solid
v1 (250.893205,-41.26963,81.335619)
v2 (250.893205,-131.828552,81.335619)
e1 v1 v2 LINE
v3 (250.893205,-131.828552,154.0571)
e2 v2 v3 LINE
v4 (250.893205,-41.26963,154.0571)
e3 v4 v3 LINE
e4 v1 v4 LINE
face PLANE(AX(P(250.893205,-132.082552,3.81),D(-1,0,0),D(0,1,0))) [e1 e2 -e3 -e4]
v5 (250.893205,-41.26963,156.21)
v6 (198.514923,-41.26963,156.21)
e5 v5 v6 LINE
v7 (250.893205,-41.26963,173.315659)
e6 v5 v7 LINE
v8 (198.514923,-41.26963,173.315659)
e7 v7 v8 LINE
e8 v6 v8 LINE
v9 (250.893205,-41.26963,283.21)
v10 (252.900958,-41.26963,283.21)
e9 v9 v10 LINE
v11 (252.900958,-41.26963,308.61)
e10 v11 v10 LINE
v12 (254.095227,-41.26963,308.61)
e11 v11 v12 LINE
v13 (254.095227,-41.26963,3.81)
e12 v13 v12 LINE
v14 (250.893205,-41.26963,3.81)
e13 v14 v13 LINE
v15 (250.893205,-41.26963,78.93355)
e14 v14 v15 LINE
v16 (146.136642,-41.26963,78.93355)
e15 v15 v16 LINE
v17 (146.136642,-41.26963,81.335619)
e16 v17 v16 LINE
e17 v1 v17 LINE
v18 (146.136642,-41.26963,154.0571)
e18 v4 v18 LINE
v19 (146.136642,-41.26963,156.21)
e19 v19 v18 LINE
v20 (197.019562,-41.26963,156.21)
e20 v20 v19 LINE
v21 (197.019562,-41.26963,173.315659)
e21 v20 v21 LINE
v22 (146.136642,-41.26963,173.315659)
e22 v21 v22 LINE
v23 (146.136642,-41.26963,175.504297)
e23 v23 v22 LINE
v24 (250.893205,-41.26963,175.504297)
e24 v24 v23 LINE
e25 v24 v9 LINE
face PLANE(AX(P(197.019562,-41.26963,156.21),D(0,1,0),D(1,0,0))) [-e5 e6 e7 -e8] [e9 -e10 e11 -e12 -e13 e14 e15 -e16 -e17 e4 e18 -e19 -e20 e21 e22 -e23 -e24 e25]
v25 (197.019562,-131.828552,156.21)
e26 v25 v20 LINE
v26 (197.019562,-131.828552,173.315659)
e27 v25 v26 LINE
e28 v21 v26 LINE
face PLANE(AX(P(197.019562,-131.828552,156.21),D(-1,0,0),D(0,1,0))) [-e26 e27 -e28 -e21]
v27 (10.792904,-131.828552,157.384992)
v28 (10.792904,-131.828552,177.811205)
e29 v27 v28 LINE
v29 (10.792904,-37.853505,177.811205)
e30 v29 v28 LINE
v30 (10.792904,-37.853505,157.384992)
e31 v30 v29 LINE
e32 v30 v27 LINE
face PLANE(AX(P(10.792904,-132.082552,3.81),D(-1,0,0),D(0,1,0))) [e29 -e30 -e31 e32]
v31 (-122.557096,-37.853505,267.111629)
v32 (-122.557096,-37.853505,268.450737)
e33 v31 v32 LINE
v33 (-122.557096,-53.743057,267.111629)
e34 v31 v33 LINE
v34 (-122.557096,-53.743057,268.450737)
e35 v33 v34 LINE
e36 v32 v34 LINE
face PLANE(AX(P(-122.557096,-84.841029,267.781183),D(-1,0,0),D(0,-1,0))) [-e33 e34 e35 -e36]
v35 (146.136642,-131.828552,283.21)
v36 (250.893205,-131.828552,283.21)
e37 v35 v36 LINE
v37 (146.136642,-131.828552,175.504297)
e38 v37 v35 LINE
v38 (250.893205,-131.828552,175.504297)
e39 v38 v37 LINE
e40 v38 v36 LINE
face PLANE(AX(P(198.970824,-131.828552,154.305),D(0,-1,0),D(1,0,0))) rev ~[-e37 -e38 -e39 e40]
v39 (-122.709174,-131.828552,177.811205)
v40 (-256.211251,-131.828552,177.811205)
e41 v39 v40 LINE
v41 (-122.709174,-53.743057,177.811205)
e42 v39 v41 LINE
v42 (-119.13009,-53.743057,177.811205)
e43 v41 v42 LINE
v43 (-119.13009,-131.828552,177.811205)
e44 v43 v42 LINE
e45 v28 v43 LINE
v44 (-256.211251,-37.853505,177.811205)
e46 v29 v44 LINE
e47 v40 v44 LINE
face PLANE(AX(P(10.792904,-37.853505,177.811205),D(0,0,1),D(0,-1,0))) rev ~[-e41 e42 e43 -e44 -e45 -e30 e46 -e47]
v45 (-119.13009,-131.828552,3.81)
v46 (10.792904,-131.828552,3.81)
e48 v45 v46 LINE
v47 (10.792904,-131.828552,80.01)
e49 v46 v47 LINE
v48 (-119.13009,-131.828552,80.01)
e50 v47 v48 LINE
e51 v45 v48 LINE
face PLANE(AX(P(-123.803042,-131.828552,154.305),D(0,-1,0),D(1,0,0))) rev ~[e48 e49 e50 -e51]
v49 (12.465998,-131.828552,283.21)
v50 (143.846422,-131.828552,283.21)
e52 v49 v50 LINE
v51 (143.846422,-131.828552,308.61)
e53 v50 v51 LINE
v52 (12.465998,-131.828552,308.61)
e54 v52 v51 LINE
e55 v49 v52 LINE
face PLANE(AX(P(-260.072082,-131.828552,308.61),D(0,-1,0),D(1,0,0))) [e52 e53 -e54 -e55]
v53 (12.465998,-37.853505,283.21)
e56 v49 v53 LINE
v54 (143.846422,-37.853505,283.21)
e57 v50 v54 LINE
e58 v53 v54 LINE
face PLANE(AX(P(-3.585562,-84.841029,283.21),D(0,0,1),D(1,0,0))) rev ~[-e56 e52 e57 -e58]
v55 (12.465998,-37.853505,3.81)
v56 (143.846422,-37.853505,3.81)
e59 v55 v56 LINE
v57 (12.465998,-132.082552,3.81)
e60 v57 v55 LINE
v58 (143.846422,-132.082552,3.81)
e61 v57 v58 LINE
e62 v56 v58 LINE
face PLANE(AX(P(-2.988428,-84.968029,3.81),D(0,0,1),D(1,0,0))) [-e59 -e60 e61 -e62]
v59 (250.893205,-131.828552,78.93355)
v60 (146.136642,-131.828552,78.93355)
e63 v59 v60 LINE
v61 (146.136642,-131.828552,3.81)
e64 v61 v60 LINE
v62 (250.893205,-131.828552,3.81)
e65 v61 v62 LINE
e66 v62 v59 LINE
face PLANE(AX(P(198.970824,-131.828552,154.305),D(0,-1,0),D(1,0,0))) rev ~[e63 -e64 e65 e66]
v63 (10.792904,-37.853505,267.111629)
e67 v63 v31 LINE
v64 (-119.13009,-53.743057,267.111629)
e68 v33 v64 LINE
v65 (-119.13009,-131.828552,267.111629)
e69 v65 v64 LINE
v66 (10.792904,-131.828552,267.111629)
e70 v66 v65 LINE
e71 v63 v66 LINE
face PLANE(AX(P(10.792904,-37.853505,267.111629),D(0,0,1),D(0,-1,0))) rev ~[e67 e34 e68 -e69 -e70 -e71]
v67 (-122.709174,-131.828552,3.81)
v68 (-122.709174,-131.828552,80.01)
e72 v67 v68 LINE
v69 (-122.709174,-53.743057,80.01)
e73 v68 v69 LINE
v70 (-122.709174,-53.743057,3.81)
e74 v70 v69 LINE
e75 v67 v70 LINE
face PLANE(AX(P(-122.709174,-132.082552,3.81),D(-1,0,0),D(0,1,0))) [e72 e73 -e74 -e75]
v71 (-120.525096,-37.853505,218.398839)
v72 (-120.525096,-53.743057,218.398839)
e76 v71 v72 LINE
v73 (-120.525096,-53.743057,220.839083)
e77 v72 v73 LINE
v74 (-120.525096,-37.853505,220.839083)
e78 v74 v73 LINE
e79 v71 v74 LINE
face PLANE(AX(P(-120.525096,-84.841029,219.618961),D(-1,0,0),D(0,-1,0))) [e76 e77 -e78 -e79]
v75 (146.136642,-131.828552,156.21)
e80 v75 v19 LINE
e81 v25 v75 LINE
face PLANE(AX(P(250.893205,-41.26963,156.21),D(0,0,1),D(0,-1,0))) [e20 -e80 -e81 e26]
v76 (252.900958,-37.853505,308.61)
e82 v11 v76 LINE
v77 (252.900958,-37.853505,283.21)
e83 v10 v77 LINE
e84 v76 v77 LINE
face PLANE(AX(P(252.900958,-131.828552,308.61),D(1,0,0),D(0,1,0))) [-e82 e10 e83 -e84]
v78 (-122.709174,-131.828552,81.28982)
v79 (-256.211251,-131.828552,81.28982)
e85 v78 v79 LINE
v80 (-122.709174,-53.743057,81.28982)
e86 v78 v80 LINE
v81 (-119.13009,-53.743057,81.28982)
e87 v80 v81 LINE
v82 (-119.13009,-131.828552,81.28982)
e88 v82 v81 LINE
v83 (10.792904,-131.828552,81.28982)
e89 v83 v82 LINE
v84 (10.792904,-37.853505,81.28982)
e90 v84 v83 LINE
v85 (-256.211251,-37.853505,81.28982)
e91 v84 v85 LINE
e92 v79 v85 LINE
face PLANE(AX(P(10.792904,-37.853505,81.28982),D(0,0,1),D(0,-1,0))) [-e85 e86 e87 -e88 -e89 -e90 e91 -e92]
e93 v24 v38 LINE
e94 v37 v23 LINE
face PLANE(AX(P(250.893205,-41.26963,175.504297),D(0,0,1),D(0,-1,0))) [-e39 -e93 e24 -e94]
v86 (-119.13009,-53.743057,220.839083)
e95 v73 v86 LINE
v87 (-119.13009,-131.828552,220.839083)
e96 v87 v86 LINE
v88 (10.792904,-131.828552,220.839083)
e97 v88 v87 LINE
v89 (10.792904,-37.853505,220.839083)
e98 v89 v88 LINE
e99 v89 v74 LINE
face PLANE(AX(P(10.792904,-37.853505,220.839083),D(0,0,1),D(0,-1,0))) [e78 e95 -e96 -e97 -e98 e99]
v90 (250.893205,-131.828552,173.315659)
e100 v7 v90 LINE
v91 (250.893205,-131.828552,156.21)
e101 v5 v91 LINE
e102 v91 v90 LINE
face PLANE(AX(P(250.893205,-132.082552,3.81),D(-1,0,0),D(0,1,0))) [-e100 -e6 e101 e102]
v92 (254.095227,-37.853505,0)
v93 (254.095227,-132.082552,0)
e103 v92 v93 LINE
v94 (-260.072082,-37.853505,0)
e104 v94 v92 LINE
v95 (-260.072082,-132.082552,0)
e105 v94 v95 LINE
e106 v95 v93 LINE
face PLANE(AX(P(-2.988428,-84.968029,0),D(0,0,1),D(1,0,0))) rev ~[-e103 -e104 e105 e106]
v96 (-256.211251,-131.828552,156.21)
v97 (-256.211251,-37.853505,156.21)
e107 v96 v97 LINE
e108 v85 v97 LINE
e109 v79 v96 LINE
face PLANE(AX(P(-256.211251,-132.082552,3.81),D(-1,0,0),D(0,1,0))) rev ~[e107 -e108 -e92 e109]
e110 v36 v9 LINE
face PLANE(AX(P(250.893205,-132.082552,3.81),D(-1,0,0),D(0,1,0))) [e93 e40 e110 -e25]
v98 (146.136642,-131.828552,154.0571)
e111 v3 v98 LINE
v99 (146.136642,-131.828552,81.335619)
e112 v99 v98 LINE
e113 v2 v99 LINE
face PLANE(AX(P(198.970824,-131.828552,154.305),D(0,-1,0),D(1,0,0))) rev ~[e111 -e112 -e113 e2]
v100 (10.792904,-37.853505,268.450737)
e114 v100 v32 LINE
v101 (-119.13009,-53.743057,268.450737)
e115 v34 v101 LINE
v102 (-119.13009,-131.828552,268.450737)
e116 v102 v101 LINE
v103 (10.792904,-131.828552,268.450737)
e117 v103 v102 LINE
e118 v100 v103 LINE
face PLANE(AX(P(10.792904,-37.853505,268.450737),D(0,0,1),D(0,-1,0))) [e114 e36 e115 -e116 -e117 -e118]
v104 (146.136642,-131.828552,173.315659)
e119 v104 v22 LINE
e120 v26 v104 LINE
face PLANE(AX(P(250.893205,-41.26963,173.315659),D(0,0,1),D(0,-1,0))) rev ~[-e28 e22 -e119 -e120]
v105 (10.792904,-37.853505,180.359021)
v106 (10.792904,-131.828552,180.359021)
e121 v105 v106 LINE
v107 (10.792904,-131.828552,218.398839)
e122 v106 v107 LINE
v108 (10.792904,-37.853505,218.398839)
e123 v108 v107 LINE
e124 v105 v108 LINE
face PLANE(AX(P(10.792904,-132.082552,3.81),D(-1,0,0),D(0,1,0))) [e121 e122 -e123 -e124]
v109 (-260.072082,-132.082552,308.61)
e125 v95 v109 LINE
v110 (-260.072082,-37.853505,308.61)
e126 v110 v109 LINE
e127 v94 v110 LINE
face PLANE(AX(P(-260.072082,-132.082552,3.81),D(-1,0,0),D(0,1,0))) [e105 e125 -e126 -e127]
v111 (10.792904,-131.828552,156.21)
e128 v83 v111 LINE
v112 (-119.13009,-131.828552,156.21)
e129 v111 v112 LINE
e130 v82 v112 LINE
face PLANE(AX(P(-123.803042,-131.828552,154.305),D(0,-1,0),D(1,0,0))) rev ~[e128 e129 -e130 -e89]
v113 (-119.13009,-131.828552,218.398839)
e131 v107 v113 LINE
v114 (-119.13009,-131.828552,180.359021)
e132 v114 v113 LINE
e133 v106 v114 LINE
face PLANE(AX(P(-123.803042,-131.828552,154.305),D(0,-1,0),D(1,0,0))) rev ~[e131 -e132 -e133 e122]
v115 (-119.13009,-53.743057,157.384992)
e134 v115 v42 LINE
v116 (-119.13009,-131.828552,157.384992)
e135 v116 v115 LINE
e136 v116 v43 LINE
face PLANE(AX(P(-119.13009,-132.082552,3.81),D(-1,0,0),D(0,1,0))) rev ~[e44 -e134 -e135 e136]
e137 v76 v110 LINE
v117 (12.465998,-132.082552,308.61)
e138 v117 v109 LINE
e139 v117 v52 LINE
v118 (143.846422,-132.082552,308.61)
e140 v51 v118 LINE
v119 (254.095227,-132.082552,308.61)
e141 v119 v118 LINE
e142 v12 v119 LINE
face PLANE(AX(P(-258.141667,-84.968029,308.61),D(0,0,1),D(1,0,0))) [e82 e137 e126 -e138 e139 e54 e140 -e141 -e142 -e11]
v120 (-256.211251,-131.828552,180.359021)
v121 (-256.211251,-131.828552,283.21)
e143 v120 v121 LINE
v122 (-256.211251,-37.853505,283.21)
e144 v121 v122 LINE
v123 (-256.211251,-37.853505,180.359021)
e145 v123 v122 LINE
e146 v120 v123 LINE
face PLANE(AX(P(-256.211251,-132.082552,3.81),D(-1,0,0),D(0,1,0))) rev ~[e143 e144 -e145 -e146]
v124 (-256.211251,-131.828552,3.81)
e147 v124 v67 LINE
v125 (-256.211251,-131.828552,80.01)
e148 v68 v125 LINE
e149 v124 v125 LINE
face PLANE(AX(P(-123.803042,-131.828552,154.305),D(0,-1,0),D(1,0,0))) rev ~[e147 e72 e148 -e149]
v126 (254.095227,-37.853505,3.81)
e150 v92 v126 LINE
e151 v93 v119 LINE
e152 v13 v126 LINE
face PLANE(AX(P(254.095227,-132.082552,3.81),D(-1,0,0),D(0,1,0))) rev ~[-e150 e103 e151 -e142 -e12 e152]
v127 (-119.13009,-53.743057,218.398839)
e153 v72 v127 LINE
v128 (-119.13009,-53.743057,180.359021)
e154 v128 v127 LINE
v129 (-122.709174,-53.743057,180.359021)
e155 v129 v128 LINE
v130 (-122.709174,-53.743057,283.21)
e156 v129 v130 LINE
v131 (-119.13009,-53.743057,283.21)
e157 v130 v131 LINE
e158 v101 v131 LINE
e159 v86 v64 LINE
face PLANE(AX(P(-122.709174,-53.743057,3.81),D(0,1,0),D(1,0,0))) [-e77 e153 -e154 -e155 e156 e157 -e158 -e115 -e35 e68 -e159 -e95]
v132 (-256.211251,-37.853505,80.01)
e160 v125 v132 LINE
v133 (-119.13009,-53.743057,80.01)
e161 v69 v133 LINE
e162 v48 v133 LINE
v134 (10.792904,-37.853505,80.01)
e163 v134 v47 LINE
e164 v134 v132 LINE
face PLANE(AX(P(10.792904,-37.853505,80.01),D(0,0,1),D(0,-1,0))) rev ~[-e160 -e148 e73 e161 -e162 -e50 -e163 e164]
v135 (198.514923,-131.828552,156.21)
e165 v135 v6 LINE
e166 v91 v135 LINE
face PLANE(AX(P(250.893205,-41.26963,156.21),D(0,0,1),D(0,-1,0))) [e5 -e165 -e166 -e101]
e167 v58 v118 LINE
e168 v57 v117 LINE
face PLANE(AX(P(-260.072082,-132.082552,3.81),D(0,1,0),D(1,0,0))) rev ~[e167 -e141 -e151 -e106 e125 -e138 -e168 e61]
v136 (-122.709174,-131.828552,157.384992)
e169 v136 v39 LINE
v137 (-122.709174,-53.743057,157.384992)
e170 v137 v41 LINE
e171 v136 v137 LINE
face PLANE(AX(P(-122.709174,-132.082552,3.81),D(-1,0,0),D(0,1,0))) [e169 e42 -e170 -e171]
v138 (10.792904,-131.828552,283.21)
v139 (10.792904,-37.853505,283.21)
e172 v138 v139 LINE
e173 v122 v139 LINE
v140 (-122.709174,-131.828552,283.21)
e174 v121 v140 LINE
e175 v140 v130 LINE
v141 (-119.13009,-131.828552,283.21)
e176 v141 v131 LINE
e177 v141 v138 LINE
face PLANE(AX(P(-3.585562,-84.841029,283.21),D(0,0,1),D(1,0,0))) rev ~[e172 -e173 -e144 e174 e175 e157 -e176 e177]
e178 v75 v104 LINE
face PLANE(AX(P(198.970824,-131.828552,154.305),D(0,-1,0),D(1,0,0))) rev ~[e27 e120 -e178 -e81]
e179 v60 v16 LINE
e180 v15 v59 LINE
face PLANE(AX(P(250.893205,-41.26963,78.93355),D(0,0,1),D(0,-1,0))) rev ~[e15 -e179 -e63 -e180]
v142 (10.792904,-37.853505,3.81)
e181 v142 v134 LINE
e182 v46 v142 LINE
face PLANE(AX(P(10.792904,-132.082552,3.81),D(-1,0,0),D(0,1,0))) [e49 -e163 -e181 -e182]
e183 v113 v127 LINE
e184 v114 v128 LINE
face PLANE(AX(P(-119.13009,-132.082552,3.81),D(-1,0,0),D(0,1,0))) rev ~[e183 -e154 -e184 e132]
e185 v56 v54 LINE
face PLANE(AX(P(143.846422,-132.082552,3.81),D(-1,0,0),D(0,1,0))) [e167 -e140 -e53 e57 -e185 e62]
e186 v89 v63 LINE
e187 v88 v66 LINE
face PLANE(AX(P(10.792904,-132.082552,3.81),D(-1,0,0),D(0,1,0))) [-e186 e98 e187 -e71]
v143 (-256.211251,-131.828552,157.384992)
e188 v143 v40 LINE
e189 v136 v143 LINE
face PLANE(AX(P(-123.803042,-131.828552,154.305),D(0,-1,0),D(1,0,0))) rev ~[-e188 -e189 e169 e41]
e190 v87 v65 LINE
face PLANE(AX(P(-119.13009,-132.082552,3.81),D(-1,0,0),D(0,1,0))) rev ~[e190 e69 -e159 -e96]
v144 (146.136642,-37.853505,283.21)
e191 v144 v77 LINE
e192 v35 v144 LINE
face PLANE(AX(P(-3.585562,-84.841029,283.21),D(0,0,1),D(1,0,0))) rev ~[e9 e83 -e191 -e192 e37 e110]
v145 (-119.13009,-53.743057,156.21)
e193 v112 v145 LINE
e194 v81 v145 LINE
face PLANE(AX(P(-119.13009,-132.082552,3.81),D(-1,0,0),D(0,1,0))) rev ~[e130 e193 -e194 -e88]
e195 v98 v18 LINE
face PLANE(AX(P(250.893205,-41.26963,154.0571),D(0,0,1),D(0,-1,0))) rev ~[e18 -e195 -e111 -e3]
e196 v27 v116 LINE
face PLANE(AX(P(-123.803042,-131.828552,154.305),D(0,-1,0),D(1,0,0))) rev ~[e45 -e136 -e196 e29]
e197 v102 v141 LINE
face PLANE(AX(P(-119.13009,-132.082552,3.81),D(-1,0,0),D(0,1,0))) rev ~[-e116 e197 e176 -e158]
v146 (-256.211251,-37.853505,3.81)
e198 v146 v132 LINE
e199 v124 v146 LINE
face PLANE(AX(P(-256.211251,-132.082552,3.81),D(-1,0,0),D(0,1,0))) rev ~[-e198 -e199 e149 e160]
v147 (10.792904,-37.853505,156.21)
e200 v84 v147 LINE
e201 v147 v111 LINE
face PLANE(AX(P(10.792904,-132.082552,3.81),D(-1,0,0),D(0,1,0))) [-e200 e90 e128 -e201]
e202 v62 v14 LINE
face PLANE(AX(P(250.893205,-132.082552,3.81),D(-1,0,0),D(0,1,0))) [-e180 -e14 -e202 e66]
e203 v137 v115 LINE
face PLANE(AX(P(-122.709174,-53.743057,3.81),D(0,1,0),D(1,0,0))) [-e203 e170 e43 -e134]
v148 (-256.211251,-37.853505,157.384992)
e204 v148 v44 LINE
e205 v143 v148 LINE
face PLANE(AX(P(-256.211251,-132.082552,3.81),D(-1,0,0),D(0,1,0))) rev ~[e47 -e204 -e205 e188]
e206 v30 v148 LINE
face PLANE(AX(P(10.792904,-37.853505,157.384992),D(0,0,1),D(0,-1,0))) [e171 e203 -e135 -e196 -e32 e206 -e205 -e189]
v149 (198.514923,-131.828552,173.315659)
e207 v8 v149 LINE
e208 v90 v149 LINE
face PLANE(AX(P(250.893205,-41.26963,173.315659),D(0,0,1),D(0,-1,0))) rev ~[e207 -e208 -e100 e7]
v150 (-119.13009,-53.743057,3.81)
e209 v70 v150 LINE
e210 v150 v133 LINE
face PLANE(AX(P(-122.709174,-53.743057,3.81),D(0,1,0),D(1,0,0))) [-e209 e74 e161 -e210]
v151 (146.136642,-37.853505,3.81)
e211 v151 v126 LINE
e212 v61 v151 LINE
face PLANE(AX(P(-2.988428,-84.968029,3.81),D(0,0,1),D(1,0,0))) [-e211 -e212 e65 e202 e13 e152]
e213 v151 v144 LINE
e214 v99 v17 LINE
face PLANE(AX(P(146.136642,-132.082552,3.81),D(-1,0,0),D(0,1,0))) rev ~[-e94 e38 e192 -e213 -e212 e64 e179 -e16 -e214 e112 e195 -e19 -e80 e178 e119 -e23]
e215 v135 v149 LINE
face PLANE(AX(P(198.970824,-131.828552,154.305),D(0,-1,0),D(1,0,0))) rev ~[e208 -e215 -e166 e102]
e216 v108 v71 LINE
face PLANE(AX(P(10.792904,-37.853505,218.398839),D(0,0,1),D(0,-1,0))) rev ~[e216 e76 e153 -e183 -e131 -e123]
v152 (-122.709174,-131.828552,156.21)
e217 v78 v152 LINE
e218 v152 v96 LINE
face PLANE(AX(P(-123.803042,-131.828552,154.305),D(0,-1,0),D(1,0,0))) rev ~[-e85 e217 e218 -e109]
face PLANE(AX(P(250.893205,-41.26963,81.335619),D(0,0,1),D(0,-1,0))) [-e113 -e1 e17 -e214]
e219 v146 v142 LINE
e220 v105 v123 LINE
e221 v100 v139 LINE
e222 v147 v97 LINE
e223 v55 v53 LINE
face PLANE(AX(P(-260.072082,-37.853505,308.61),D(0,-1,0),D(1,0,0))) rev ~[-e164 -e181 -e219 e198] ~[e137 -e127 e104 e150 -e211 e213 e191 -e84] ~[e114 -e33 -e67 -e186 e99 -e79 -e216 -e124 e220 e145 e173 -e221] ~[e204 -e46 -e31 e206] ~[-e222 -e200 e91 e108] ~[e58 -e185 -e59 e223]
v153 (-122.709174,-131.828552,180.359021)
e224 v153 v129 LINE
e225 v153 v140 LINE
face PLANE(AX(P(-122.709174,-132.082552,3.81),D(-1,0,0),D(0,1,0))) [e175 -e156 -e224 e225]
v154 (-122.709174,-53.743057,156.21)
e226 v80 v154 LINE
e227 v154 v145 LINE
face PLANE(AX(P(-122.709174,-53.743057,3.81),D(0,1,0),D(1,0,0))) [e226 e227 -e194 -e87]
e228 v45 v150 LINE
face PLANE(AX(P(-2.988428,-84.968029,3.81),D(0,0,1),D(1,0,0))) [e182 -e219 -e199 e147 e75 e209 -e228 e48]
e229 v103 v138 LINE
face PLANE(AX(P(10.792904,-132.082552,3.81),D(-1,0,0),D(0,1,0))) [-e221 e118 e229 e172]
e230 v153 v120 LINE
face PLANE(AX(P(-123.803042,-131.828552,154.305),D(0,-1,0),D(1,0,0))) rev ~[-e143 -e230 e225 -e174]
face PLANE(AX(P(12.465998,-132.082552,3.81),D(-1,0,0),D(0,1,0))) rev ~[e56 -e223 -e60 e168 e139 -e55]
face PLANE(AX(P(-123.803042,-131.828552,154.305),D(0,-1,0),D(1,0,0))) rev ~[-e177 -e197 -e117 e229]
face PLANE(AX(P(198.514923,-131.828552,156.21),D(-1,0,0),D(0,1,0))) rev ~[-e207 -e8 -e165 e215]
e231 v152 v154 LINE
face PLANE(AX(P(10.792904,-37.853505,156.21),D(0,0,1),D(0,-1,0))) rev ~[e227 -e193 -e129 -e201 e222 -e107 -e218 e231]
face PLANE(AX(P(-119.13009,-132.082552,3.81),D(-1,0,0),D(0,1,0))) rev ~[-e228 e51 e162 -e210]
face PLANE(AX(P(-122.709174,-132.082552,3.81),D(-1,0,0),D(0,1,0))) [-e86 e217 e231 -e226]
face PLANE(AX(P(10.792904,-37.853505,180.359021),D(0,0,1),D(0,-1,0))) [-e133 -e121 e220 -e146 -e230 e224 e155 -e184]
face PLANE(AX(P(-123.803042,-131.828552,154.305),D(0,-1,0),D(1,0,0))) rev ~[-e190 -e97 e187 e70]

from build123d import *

# Parameters (mm, degrees)
F0_W      = 514.1673088074
F0_H      = 94.2290462554
F1_DEPTH  = 3.81
F2_W      = 2.2902190685
F2_H      = 94.2290462554
F3_DEPTH  = 304.8
F4_W      = 3.202021122
F4_H      = 90.812921524
F5_DEPTH  = 304.8
F6_W      = 1.6730939969
F6_H      = 94.2290462554
F7_DEPTH  = 304.8
F8_W      = 3.8608312607
F8_H      = 94.2290462554
F9_DEPTH  = 304.8
F10_W     = 3.5790838301
F10_H     = 78.3394947648
F11_DEPTH = 304.8
F12_W     = 272.5380798802
F12_H     = 308.61
F13_DEPTH = 0.254
F14_W     = 110.2488040924
F14_H     = 308.61
F15_DEPTH = 0.254
F16_W     = 90.558921524
F16_H     = 2.1528995848
F17_DEPTH = 105.41
F18_W     = 90.558921524
F18_H     = 2.4020688844
F19_DEPTH = 106.934
F20_W     = 90.558921524
F20_H     = 2.1886378527
F21_DEPTH = 106.934
F22_W     = 1.4953613281
F22_H     = 90.558921524
F23_DEPTH = 18.542
F24_R     = 2.7883656223
F25_DEPTH = 106.68
F26_W     = 93.9750462554
F26_H     = 1.1749916458
F27_DEPTH = 268.224
F28_W     = 93.9750462554
F28_H     = 2.5478154421
F29_DEPTH = 270.256
F30_W     = 93.9750462554
F30_H     = 1.2798203731
F31_DEPTH = 269.24
F32_W     = 93.9750462554
F32_H     = 1.3391077518
F33_DEPTH = 133.35
F34_W     = 93.9750462554
F34_H     = 2.4402439594
F35_DEPTH = 131.318
F36_R     = 1.6466720005
F37_DEPTH = 136.906
F38_W     = 512.9730403423
F38_H     = 93.9750462554
F39_DEPTH = 25.4


with BuildPart() as f1:
    # F0 (on Top) → F1 (new body)
    with BuildSketch(Plane.XY):
        with Locations((-2.9884278774, -84.9680285901)):
            Rectangle(F0_W, F0_H)
    extrude(amount=F1_DEPTH)

    # F2 (on face) → F3 (join)
    with BuildSketch(Plane.XY.offset(3.81)):
        with Locations((144.9915319681, -84.9680285901)):
            Rectangle(F2_W, F2_H)
    extrude(amount=F3_DEPTH)

    # F4 (on face) → F5 (join)
    with BuildSketch(Plane.XY.offset(3.81)):
        with Locations((252.4942159653, -86.6760909557)):
            Rectangle(F4_W, F4_H)
    extrude(amount=F5_DEPTH)

    # F6 (on face) → F7 (join)
    with BuildSketch(Plane.XY.offset(3.81)):
        with Locations((11.6294506006, -84.9680285901)):
            Rectangle(F6_W, F6_H)
    extrude(amount=F7_DEPTH)

    # F8 (on face) → F9 (join)
    with BuildSketch(Plane.XY.offset(3.81)):
        with Locations((-258.1416666508, -84.9680285901)):
            Rectangle(F8_W, F8_H)
    extrude(amount=F9_DEPTH)

    # F10 (on face) → F11 (join)
    with BuildSketch(Plane.XY.offset(3.81)):
        with Locations((-120.9196317941, -92.9128043354)):
            Rectangle(F10_W, F10_H)
    extrude(amount=F11_DEPTH)

    # F12 (on face) → F13 (join)
    with BuildSketch(Plane.XZ.offset(132.0825517178)):
        with Locations((-123.803042341, 154.305)):
            Rectangle(F12_W, F12_H)
    extrude(amount=-F13_DEPTH)

    # F14 (on face) → F15 (join)
    with BuildSketch(Plane.XZ.offset(132.0825517178)):
        with Locations((198.9708244801, 154.305)):
            Rectangle(F14_W, F14_H)
    extrude(amount=-F15_DEPTH)

    # F16 (on face) → F17 (join)
    with BuildSketch(Plane(origin=(250.8932054043, 0, 0), x_dir=(0, -1, 0), z_dir=(-1, 0, 0))):
        with Locations((86.5490909557, 155.1335502076)):
            Rectangle(F16_W, F16_H)
    extrude(amount=F17_DEPTH)

    # F18 (on face) → F19 (join)
    with BuildSketch(Plane(origin=(250.8932054043, 0, 0), x_dir=(0, -1, 0), z_dir=(-1, 0, 0))):
        with Locations((86.5490909557, 80.1345846498)):
            Rectangle(F18_W, F18_H)
    extrude(amount=F19_DEPTH)

    # F20 (on face) → F21 (join)
    with BuildSketch(Plane(origin=(250.8932054043, 0, 0), x_dir=(0, -1, 0), z_dir=(-1, 0, 0))):
        with Locations((86.5490909557, 174.4099780917)):
            Rectangle(F20_W, F20_H)
    extrude(amount=F21_DEPTH)

    # F22 (on face) → F23 (join)
    with BuildSketch(Plane.XY.offset(156.21)):
        with Locations((197.7672427893, -86.5490909557)):
            Rectangle(F22_W, F22_H)
    extrude(amount=F23_DEPTH)

    # F24 (on face) → F25 (join)
    with BuildSketch(Plane(origin=(250.8932054043, 0, 0), x_dir=(0, -1, 0), z_dir=(-1, 0, 0))):
        with Locations((86.5490909557, 288.2337272167)):
            Circle(F24_R)
    extrude(amount=F25_DEPTH)

    # F26 (on face) → F27 (join)
    with BuildSketch(Plane(origin=(10.7929036021, 0, 0), x_dir=(0, -1, 0), z_dir=(-1, 0, 0))):
        with Locations((84.8410285901, 156.7974958229)):
            Rectangle(F26_W, F26_H)
    extrude(amount=F27_DEPTH)

    # F28 (on face) → F29 (join)
    with BuildSketch(Plane(origin=(10.7929036021, 0, 0), x_dir=(0, -1, 0), z_dir=(-1, 0, 0))):
        with Locations((84.8410285901, 179.0851131082)):
            Rectangle(F28_W, F28_H)
    extrude(amount=F29_DEPTH)

    # F30 (on face) → F31 (join)
    with BuildSketch(Plane(origin=(10.7929036021, 0, 0), x_dir=(0, -1, 0), z_dir=(-1, 0, 0))):
        with Locations((84.8410285901, 80.6499101865)):
            Rectangle(F30_W, F30_H)
    extrude(amount=F31_DEPTH)

    # F32 (on face) → F33 (join)
    with BuildSketch(Plane(origin=(10.7929036021, 0, 0), x_dir=(0, -1, 0), z_dir=(-1, 0, 0))):
        with Locations((84.8410285901, 267.7811831236)):
            Rectangle(F32_W, F32_H)
    extrude(amount=F33_DEPTH)

    # F34 (on face) → F35 (join)
    with BuildSketch(Plane(origin=(10.7929036021, 0, 0), x_dir=(0, -1, 0), z_dir=(-1, 0, 0))):
        with Locations((84.8410285901, 219.618961215)):
            Rectangle(F34_W, F34_H)
    extrude(amount=F35_DEPTH)

    # F36 (on face) → F37 (join)
    with BuildSketch(Plane(origin=(-122.7091737092, 0, 0), x_dir=(0, -1, 0), z_dir=(-1, 0, 0))):
        with Locations((94.4481417537, 294.7028875351)):
            Circle(F36_R)
    extrude(amount=F37_DEPTH)

    # F38 (on face) → F39 (join)
    with BuildSketch(Plane.XY.offset(308.61)):
        with Locations((-3.5855621099, -84.8410285901)):
            Rectangle(F38_W, F38_H)
    extrude(amount=-F39_DEPTH)


solid = f1.part
